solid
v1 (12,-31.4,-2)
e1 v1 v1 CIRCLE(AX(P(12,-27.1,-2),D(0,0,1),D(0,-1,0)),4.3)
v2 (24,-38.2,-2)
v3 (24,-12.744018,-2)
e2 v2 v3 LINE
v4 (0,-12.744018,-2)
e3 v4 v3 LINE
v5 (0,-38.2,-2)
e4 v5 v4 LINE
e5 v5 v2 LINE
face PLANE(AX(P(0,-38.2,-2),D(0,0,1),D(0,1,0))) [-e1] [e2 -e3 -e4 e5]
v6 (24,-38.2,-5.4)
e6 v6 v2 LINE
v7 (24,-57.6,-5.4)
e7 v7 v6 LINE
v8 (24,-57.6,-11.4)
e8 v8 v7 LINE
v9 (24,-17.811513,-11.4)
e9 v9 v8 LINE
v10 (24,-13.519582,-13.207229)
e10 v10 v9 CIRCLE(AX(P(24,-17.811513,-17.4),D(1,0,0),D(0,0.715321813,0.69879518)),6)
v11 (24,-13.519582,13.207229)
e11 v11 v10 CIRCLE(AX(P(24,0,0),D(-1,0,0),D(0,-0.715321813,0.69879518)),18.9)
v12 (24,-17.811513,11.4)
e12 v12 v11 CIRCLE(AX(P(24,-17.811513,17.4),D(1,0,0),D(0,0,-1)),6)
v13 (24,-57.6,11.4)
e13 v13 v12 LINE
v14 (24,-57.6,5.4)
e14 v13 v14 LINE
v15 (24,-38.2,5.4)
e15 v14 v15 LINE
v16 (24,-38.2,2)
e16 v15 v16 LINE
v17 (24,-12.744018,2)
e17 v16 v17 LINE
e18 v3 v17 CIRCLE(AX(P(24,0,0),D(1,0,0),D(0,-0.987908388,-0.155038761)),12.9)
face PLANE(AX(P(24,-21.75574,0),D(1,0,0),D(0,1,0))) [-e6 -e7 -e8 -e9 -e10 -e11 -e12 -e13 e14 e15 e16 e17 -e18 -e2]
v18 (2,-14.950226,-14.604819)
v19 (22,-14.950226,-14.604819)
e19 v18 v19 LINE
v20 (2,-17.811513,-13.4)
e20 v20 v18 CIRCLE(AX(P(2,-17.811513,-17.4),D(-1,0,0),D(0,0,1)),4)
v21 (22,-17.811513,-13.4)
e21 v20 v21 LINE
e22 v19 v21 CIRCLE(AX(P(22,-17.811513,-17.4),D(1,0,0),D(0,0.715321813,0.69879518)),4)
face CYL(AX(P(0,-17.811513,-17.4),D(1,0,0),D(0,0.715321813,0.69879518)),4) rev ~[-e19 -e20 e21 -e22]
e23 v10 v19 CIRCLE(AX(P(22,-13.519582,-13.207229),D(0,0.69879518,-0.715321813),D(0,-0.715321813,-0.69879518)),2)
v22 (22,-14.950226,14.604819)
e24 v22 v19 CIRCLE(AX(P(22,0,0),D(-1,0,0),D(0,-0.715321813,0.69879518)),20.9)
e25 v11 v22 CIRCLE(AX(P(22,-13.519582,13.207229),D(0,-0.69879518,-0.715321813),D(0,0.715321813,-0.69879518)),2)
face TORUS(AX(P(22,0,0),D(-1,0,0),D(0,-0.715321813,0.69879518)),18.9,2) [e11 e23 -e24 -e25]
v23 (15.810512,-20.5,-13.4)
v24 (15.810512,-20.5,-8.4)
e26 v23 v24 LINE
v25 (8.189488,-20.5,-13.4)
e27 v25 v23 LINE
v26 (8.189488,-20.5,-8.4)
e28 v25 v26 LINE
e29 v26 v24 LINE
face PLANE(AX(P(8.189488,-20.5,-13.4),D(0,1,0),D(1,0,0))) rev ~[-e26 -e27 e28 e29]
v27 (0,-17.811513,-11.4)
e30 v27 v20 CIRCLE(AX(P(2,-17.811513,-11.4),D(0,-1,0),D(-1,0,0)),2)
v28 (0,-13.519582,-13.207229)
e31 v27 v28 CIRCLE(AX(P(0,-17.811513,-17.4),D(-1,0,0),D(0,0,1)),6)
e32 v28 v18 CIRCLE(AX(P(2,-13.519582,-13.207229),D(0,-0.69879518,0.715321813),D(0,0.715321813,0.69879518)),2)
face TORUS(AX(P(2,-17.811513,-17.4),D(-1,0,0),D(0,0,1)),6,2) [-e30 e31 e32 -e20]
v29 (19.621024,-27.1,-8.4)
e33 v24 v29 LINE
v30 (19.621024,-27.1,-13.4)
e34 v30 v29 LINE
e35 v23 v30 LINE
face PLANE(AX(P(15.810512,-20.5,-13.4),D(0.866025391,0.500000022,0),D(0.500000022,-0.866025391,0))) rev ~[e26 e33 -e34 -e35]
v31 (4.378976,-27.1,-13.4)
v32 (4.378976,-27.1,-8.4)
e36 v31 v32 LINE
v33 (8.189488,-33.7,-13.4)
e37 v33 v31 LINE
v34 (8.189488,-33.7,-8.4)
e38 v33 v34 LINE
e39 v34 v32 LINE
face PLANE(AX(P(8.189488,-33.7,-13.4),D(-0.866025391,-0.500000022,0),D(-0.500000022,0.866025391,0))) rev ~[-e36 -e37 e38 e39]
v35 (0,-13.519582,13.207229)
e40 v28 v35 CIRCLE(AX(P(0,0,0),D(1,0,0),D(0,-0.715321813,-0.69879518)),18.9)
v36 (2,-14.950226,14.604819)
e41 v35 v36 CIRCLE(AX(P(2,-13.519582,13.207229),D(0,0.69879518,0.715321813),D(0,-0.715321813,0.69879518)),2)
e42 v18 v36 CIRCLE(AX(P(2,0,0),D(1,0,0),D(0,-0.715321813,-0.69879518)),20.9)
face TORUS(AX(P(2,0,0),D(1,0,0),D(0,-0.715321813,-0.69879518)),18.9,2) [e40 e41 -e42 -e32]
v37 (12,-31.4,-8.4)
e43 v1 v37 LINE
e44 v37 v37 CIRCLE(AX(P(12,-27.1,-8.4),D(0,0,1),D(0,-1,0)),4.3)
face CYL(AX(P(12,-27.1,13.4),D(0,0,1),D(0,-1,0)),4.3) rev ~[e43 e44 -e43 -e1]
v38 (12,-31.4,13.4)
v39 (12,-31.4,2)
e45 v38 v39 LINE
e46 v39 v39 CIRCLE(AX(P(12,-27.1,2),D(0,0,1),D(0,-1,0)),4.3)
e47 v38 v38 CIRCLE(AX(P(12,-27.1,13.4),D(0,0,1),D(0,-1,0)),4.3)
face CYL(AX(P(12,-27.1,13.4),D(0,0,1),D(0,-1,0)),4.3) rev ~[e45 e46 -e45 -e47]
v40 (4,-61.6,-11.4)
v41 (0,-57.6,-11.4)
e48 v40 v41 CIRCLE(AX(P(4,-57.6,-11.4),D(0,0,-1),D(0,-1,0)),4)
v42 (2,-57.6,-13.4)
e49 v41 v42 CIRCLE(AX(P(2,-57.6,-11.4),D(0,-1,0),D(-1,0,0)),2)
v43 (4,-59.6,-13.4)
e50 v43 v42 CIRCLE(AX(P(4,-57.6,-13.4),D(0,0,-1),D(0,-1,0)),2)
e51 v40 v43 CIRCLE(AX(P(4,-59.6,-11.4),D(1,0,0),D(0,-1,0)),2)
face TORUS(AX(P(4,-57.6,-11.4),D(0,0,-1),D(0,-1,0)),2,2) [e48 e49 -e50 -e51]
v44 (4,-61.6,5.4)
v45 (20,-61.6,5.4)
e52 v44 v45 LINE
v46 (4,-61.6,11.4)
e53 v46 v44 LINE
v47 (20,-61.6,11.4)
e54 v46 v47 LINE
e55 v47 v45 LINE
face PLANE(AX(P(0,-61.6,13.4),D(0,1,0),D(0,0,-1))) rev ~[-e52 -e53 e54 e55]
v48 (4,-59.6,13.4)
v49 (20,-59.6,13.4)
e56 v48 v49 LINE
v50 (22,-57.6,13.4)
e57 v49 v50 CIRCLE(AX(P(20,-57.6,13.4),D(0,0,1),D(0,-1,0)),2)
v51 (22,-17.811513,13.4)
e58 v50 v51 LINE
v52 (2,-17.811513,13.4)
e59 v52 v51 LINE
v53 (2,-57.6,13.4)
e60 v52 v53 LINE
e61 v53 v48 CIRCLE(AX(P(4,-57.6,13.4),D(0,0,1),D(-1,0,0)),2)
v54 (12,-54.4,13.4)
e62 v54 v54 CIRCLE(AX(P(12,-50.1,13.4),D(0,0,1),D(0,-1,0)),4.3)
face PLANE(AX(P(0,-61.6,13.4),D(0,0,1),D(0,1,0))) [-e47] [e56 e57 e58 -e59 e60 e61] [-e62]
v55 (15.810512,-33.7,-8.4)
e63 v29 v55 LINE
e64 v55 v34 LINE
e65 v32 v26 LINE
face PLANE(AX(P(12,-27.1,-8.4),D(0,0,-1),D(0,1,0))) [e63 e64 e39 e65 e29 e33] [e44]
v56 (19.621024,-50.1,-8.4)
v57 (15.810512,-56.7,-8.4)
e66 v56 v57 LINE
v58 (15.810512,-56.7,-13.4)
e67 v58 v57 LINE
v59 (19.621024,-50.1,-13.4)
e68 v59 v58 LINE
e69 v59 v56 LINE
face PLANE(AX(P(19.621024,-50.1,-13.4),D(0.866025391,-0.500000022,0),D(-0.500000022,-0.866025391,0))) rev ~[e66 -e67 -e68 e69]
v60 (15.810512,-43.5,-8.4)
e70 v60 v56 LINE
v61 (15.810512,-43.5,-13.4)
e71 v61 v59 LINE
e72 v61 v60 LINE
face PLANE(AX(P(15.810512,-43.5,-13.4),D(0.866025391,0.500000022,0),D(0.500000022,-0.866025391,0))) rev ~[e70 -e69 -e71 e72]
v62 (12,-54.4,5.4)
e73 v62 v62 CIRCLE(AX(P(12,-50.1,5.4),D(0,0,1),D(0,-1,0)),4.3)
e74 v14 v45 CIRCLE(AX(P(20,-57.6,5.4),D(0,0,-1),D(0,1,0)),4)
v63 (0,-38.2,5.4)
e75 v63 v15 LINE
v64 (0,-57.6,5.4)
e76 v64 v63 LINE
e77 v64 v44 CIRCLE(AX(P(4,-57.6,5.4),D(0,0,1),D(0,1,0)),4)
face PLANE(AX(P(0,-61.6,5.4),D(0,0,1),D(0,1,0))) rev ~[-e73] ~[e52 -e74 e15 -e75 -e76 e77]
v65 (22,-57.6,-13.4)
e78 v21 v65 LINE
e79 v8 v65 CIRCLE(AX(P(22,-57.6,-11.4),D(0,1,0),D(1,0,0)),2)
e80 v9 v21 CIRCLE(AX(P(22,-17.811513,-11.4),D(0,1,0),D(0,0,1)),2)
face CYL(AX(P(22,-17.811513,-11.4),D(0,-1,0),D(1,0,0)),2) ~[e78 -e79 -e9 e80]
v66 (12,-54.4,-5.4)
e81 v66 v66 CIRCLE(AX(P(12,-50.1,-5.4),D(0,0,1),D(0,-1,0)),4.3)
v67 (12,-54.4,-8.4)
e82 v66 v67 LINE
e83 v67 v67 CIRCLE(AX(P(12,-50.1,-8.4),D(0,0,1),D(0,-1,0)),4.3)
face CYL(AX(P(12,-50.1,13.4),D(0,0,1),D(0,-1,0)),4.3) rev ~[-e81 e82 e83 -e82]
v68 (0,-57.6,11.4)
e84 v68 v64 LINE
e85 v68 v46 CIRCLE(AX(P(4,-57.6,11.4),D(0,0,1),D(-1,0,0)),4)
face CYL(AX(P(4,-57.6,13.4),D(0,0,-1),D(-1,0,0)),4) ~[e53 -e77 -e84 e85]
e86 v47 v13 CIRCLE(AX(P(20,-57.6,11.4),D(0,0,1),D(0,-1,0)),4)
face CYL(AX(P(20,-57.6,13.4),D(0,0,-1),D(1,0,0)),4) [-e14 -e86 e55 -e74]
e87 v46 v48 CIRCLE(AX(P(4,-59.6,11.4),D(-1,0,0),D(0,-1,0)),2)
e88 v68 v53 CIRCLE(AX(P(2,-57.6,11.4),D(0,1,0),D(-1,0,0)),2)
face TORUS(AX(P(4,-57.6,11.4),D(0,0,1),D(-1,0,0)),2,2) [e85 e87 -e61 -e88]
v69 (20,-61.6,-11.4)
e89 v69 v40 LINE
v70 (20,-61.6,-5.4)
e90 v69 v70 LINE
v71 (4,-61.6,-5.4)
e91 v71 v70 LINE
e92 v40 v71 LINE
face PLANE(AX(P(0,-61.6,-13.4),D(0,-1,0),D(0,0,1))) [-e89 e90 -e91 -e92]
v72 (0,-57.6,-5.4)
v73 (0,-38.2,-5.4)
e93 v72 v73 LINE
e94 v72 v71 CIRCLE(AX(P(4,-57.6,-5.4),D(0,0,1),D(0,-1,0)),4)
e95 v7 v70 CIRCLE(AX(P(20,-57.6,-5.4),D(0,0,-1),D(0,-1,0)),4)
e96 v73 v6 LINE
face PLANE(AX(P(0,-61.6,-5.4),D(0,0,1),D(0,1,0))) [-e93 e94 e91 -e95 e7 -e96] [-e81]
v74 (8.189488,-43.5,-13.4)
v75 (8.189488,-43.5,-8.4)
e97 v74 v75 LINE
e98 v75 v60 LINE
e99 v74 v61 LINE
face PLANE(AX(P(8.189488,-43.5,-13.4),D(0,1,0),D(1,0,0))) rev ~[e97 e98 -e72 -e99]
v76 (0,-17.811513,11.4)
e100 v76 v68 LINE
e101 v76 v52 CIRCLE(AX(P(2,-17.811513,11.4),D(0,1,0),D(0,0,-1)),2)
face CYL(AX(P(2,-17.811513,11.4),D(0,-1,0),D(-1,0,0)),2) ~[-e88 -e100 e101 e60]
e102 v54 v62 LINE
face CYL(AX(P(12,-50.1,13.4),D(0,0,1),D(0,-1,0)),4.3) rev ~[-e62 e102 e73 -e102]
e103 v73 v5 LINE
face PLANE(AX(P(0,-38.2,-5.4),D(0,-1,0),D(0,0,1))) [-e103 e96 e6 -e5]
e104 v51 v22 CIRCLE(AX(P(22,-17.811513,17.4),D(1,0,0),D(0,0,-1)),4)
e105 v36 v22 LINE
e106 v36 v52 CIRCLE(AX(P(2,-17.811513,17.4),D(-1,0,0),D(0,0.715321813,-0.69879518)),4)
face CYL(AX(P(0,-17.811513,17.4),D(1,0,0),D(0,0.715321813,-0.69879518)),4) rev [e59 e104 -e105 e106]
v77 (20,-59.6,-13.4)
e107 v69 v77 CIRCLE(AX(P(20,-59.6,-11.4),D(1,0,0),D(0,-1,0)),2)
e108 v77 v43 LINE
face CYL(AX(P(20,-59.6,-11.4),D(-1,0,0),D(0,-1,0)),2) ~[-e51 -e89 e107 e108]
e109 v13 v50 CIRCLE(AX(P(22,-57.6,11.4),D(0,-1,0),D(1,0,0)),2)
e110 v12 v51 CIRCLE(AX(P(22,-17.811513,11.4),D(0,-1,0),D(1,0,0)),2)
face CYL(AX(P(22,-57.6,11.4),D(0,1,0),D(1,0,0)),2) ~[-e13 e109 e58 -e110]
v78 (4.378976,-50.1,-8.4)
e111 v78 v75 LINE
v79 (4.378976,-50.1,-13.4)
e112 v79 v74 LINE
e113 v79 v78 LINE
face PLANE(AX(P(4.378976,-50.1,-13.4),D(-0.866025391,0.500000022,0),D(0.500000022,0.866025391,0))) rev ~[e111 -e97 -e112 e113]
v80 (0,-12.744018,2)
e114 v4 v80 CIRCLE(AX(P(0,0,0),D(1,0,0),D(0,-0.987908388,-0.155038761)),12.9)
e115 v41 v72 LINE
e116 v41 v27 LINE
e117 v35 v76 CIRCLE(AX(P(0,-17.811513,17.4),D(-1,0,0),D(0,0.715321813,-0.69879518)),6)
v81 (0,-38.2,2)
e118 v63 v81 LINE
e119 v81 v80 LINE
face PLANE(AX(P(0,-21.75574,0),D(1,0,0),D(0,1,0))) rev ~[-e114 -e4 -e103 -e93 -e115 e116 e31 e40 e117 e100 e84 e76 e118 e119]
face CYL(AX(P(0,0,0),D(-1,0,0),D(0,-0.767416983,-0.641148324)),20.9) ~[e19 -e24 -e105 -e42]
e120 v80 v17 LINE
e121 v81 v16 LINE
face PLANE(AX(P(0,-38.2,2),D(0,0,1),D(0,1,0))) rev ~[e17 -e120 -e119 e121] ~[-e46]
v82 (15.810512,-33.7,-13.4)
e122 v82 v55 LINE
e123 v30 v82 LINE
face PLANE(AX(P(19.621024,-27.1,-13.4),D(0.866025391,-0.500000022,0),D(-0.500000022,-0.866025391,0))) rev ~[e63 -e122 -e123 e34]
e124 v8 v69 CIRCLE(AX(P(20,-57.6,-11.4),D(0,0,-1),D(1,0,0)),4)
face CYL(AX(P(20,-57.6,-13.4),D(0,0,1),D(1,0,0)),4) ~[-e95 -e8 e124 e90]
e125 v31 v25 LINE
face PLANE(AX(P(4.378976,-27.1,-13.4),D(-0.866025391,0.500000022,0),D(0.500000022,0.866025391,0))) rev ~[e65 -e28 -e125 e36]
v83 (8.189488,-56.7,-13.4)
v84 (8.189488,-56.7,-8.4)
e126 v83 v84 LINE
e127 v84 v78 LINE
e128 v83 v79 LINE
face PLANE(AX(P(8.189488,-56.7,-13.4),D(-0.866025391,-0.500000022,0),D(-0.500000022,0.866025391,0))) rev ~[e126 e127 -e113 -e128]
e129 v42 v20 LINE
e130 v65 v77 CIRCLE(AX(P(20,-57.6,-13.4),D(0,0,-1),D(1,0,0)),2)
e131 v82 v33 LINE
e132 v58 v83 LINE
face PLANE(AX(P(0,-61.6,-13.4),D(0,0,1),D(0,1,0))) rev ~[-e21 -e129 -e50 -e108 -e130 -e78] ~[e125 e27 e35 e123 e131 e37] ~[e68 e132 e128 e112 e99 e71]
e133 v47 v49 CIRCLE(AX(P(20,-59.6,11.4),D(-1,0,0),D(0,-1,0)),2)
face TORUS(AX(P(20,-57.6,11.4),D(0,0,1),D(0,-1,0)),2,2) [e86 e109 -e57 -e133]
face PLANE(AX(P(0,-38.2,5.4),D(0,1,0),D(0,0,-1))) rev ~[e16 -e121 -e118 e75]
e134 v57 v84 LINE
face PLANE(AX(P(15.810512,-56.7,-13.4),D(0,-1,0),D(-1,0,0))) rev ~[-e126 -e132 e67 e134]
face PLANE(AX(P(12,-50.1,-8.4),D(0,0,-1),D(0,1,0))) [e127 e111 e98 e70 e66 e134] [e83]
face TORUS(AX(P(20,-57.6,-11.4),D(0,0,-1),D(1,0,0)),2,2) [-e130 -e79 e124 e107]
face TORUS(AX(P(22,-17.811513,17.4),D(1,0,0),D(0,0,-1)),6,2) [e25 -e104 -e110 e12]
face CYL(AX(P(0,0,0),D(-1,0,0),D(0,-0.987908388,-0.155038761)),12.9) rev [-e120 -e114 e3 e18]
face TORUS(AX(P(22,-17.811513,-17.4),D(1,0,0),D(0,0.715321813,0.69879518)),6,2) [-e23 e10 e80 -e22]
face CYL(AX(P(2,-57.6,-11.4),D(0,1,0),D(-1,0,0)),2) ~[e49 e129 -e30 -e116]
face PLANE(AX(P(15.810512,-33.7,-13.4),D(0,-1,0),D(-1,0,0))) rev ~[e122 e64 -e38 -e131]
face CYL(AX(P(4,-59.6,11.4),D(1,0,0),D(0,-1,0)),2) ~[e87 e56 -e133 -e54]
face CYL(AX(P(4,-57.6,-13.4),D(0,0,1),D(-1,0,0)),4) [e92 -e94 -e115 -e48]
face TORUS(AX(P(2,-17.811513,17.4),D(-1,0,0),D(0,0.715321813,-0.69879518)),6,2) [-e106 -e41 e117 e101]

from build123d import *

# Parameters (mm, degrees)
PAD_DEPTH       = 24
SKETCH001_R     = 4.3
POCKET_DEPTH    = 34.301
POCKET001_DEPTH = 5
FILLET_R        = 4
FILLET001_R     = 2


with BuildPart() as part:
    # Sketch → Pad (new body)
    with BuildSketch(Plane.YZ):
        with BuildLine():
            ThreePointArc((-16.039015, -13.4), (20.9, 0), (-16.039015, 13.4))
            Line((-61.6, 13.4), (-16.039015, 13.4))
            Line((-61.6, 13.4), (-61.6, 5.4))
            Line((-61.6, 5.4), (-38.2, 5.4))
            Line((-38.2, 5.4), (-38.2, 2))
            Line((-38.2, 2), (-12.744018, 2))
            ThreePointArc((-12.744018, -2), (12.9, 0), (-12.744018, 2))
            Line((-38.2, -2), (-12.744018, -2))
            Line((-38.2, -5.4), (-38.2, -2))
            Line((-61.6, -5.4), (-38.2, -5.4))
            Line((-61.6, -13.4), (-61.6, -5.4))
            Line((-61.6, -13.4), (-16.039015, -13.4))
        make_face()
    extrude(amount=PAD_DEPTH)

    # Sketch001 (on Face5 of Pad) → Pocket (cut, through all)
    with BuildSketch(Plane(origin=(0, 0, 13.4), x_dir=(0, -1, 0), z_dir=(0, 0, 1))):
        with Locations((50.1, 12)):
            Circle(SKETCH001_R)
        with Locations((27.1, 12)):
            Circle(SKETCH001_R)
    extrude(amount=-POCKET_DEPTH, mode=Mode.SUBTRACT)

    # Sketch002 (on Face7 of Pocket) → Pocket001 (cut)
    with BuildSketch(Plane.YX.offset(13.4)):
        Polygon((-43.5, 8.189488), (-43.5, 15.810512), (-50.1, 19.621024), (-56.7, 15.810512), (-56.7, 8.189488), (-50.1, 4.378976), align=None)
        Polygon((-20.5, 8.189488), (-20.5, 15.810512), (-27.1, 19.621024), (-33.7, 15.810512), (-33.7, 8.189488), (-27.1, 4.378976), align=None)
    extrude(amount=-POCKET001_DEPTH, mode=Mode.SUBTRACT)

    # Fillet
    fillet_edges = [part.edges().sort_by_distance(p)[0] for p in [
        (12, -16.039015, -13.4),
        (12, -16.039015, 13.4),
        (0, -61.6, 9.4),
        (24, -61.6, 9.4),
        (0, -61.6, -9.4),
        (24, -61.6, -9.4),
    ]]
    fillet(fillet_edges, radius=FILLET_R)

    # Fillet001
    fillet001_edges = [part.edges().sort_by_distance(p)[0] for p in [
        (0, -37.705757, -13.4),
    ]]
    fillet(fillet001_edges, radius=FILLET001_R)


solid = part.part
